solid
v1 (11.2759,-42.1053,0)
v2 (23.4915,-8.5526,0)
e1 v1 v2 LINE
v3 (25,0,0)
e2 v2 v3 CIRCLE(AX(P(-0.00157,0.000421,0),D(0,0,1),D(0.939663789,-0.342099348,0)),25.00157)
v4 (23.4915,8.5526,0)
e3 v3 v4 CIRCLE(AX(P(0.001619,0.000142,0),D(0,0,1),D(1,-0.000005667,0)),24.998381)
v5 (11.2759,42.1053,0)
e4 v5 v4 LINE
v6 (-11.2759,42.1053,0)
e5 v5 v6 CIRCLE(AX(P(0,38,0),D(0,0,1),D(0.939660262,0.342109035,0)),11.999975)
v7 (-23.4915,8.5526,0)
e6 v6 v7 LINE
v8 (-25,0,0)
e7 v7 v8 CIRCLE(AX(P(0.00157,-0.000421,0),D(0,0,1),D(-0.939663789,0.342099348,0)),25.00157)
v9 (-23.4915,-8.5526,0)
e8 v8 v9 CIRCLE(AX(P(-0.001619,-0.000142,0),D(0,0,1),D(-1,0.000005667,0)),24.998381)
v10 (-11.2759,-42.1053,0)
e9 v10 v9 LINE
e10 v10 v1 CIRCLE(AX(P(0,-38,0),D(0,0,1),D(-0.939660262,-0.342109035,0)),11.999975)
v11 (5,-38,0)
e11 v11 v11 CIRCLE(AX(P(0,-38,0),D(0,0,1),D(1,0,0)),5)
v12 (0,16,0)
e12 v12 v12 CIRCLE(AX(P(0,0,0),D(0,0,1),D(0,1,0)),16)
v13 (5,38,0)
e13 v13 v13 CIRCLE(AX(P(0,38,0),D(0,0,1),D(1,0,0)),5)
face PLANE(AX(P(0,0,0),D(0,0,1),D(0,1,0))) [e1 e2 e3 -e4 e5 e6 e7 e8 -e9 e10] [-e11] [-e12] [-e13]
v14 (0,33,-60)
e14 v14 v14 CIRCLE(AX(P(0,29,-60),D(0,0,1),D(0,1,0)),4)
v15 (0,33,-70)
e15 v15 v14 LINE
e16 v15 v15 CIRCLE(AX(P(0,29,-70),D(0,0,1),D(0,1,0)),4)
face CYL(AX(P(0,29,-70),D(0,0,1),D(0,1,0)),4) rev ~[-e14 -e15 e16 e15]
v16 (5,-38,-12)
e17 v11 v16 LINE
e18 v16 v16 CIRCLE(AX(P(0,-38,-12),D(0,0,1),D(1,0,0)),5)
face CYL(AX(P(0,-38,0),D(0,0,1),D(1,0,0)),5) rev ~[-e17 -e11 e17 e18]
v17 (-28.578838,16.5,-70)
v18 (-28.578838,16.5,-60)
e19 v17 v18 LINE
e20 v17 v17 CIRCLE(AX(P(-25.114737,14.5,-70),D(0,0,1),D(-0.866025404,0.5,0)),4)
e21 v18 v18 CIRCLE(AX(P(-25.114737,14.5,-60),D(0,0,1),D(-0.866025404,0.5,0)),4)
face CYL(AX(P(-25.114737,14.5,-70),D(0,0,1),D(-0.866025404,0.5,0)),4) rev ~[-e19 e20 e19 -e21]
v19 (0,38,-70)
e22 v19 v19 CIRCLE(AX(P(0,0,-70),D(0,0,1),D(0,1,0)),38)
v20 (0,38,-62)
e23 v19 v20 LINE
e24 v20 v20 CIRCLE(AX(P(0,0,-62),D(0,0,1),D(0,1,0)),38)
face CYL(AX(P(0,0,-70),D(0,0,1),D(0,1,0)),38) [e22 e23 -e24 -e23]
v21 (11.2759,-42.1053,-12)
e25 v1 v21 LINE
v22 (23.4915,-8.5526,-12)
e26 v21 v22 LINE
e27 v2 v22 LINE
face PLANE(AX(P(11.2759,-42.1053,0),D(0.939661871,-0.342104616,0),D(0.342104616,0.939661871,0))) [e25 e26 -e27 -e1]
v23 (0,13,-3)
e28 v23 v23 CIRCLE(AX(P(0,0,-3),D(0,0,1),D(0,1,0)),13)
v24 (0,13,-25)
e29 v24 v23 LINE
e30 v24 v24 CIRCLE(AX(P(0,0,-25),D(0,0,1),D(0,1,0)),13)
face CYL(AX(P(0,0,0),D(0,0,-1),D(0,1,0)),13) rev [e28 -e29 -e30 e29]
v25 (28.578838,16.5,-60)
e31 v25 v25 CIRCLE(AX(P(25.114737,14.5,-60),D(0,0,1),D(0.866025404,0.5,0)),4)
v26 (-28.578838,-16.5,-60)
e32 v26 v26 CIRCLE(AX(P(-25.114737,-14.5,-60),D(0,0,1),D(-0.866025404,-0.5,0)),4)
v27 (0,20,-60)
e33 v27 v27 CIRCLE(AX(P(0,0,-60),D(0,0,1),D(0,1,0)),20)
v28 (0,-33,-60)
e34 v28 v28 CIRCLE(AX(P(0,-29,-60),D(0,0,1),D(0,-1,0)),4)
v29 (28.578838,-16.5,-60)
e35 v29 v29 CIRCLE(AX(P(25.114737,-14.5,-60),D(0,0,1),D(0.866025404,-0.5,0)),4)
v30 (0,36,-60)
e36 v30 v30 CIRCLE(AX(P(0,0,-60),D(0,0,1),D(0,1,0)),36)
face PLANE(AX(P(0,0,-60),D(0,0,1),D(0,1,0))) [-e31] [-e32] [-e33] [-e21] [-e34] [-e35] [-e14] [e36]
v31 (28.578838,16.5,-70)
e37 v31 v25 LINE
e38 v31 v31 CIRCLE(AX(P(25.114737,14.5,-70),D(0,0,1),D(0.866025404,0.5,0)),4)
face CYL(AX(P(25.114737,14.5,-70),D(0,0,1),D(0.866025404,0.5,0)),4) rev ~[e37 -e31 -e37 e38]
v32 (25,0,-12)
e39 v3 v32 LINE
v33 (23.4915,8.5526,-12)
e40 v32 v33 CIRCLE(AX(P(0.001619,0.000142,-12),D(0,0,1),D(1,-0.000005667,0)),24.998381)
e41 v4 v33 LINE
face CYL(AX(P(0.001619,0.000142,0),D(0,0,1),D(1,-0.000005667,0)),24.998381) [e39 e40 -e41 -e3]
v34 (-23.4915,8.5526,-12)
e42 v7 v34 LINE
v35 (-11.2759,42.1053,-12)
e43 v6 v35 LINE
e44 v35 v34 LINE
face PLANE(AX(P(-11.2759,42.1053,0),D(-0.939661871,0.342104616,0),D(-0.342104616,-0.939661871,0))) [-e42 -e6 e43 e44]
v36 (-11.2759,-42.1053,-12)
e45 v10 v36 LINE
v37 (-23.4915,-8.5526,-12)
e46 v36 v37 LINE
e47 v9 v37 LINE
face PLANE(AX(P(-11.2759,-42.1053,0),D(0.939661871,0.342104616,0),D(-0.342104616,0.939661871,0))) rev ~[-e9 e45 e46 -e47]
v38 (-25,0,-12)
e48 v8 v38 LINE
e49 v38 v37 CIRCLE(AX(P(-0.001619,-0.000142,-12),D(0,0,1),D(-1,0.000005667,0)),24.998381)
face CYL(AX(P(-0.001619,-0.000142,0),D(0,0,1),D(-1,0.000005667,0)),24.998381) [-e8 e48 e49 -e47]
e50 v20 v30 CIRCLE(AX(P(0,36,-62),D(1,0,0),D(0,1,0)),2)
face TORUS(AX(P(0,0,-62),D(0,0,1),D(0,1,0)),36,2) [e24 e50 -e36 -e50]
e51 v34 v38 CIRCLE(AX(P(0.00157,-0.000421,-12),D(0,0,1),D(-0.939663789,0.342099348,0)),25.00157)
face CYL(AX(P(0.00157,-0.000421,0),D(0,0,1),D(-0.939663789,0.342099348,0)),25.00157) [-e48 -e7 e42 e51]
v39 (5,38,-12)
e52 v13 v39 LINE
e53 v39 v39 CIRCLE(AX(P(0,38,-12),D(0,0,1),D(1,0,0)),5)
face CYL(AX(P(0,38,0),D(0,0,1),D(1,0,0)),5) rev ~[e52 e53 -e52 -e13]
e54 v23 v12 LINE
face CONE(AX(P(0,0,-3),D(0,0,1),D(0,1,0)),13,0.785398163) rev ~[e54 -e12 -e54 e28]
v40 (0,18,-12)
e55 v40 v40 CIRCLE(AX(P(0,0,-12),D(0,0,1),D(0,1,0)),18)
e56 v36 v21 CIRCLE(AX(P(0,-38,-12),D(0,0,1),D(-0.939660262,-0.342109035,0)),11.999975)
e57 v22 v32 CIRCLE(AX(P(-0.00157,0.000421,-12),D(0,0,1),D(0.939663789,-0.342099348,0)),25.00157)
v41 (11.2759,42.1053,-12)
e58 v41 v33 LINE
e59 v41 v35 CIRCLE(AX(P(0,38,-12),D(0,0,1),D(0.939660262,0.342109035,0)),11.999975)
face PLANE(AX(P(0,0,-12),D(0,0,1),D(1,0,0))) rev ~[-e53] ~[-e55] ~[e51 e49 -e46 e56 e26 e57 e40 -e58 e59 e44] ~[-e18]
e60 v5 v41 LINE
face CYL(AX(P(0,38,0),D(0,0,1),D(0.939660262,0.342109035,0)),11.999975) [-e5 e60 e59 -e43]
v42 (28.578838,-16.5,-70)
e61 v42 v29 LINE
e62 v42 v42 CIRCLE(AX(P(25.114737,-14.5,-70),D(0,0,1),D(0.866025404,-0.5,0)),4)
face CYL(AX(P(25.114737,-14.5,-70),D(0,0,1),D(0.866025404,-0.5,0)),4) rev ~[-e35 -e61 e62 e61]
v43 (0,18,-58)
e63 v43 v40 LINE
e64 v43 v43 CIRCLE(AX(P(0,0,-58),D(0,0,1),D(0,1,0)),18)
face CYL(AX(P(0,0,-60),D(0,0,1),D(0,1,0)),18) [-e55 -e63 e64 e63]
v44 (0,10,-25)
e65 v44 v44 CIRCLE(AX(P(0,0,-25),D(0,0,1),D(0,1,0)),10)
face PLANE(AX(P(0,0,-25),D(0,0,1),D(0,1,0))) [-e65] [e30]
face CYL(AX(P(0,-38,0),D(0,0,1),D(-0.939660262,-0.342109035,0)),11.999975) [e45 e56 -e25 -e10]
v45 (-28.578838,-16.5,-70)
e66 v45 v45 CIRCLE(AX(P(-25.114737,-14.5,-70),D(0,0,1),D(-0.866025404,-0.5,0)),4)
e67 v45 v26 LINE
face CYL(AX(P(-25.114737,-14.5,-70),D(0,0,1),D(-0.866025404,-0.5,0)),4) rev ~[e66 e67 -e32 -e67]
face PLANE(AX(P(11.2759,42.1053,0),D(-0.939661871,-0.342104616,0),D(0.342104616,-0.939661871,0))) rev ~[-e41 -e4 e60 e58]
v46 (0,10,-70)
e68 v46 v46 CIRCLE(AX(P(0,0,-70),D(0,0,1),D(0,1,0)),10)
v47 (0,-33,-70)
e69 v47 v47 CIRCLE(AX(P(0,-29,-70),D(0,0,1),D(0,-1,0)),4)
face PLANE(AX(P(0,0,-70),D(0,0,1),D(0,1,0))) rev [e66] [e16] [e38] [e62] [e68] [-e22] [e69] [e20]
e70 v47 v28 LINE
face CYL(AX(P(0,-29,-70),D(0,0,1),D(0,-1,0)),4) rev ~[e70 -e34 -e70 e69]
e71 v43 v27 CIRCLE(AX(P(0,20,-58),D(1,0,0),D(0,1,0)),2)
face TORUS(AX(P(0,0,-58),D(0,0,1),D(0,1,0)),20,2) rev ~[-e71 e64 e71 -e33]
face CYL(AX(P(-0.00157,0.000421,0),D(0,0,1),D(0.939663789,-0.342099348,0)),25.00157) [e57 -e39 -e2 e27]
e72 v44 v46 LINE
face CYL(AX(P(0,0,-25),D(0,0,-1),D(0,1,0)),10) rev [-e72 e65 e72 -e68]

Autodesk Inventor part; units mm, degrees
ref_plane "YZ Plane" through (0, 0, 0) normal (1, 0, 0) x (0, 1, 0)
ref_plane "XZ Plane" through (0, 0, 0) normal (0, 1, 0) x (-1, 0, 0)
ref_plane "XY Plane" through (0, 0, 0) normal (0, 0, 1) x (1, 0, 0)
sketch "Boceto1" plane through (0, 0, 0) normal (1, 0, 0) x (0, 1, 0)
  line L0 (10, -25) -> (10, -70)
  line L1 (10, -70) -> (38, -70)
  line L2 (38, -70) -> (38, -60)
  line L3 (38, -60) -> (18, -60)
  line L4 (18, -60) -> (18, 0)
  line L5 (18, 0) -> (13, 0)
  line L6 (-7.6, 0) -> (45.6, 0) construction
  line L7 (0, -84) -> (0, 14) projected
  line L8 (13, 0) -> (13, -25)
  line L9 (13, -25) -> (10, -25)
  point P0 (0, 0)
  dimension "d6" = 20
  dimension "d8" = 36
  dimension "d9" = 10
  dimension "d10" = 76
  dimension "d11" = 26
  dimension "d12" = 25
  dimension "d35" = 70
revolve "Revolución1" add sketch "Boceto1" angle 360 about axis through (0, 0, -10) along (0, 0, 1)
sketch "Boceto2" plane through (0, 0, 0) normal (0, 0, 1) x (1, 0, 0)
  line L0 (-53.2, 0) -> (53.2, 0) construction
  line L1 (0, -70) -> (0, 70) construction
  arc A0 (11.2759, 42.1053) -> (-11.2759, 42.1053) centre (0, 38) ccw
  line L2 (-11.2759, 42.1053) -> (-23.4915, 8.5526)
  line L3 (11.2759, 42.1053) -> (23.4915, 8.5526)
  arc A1 (-23.4915, 8.5526) -> (-25, 0) centre (0, 0) ccw
  arc A2 (25, 0) -> (23.4915, 8.5526) centre (0, 0) ccw
  circle A3 centre (0, 38) radius 5
  arc A4 (-11.2759, -42.1053) -> (11.2759, -42.1053) centre (0, -38) ccw
  line L4 (-11.2759, -42.1053) -> (-23.4915, -8.5526)
  line L5 (11.2759, -42.1053) -> (23.4915, -8.5526)
  arc A5 (-25, 0) -> (-23.4915, -8.5526) centre (0, 0) ccw
  arc A6 (23.4915, -8.5526) -> (25, 0) centre (0, 0) ccw
  circle A7 centre (0, -38) radius 5
  circle A8 centre (0, 0) radius 13
  dimension "d14" = 12
  dimension "d15" = 25
  dimension "d16" = 38
  dimension "d17" = 10
extrude "Extrusión1" add sketch "Boceto2" against normal blind 12
sketch "Boceto3" plane through (0, 0, -70) normal (0, 0, -1) x (-1, 0, 0)
  circle A0 centre (0, 0) radius 29 construction
  point P0 (0, 29)
  dimension "d20" = 58
hole "Agujero1" at (0, 29, -70) direction (0, 0, 1) diameter 8 depth 10
pattern_circular "Patrón circular1" count 6 over 360 about axis through (0, 0, -10) along (0, 0, 1) of "Agujero1"
chamfer "Chaflán1" distance 3 angle 45 1 edges at (0, -13, 0) measured on face at (11.9516, -17.6559, 0)
fillet "Empalme1" radius 2 2 edges at (0, -18, -60) (0, -38, -60)
properties part number "Lab6A01209499P1" material "Hierro, fundido"
